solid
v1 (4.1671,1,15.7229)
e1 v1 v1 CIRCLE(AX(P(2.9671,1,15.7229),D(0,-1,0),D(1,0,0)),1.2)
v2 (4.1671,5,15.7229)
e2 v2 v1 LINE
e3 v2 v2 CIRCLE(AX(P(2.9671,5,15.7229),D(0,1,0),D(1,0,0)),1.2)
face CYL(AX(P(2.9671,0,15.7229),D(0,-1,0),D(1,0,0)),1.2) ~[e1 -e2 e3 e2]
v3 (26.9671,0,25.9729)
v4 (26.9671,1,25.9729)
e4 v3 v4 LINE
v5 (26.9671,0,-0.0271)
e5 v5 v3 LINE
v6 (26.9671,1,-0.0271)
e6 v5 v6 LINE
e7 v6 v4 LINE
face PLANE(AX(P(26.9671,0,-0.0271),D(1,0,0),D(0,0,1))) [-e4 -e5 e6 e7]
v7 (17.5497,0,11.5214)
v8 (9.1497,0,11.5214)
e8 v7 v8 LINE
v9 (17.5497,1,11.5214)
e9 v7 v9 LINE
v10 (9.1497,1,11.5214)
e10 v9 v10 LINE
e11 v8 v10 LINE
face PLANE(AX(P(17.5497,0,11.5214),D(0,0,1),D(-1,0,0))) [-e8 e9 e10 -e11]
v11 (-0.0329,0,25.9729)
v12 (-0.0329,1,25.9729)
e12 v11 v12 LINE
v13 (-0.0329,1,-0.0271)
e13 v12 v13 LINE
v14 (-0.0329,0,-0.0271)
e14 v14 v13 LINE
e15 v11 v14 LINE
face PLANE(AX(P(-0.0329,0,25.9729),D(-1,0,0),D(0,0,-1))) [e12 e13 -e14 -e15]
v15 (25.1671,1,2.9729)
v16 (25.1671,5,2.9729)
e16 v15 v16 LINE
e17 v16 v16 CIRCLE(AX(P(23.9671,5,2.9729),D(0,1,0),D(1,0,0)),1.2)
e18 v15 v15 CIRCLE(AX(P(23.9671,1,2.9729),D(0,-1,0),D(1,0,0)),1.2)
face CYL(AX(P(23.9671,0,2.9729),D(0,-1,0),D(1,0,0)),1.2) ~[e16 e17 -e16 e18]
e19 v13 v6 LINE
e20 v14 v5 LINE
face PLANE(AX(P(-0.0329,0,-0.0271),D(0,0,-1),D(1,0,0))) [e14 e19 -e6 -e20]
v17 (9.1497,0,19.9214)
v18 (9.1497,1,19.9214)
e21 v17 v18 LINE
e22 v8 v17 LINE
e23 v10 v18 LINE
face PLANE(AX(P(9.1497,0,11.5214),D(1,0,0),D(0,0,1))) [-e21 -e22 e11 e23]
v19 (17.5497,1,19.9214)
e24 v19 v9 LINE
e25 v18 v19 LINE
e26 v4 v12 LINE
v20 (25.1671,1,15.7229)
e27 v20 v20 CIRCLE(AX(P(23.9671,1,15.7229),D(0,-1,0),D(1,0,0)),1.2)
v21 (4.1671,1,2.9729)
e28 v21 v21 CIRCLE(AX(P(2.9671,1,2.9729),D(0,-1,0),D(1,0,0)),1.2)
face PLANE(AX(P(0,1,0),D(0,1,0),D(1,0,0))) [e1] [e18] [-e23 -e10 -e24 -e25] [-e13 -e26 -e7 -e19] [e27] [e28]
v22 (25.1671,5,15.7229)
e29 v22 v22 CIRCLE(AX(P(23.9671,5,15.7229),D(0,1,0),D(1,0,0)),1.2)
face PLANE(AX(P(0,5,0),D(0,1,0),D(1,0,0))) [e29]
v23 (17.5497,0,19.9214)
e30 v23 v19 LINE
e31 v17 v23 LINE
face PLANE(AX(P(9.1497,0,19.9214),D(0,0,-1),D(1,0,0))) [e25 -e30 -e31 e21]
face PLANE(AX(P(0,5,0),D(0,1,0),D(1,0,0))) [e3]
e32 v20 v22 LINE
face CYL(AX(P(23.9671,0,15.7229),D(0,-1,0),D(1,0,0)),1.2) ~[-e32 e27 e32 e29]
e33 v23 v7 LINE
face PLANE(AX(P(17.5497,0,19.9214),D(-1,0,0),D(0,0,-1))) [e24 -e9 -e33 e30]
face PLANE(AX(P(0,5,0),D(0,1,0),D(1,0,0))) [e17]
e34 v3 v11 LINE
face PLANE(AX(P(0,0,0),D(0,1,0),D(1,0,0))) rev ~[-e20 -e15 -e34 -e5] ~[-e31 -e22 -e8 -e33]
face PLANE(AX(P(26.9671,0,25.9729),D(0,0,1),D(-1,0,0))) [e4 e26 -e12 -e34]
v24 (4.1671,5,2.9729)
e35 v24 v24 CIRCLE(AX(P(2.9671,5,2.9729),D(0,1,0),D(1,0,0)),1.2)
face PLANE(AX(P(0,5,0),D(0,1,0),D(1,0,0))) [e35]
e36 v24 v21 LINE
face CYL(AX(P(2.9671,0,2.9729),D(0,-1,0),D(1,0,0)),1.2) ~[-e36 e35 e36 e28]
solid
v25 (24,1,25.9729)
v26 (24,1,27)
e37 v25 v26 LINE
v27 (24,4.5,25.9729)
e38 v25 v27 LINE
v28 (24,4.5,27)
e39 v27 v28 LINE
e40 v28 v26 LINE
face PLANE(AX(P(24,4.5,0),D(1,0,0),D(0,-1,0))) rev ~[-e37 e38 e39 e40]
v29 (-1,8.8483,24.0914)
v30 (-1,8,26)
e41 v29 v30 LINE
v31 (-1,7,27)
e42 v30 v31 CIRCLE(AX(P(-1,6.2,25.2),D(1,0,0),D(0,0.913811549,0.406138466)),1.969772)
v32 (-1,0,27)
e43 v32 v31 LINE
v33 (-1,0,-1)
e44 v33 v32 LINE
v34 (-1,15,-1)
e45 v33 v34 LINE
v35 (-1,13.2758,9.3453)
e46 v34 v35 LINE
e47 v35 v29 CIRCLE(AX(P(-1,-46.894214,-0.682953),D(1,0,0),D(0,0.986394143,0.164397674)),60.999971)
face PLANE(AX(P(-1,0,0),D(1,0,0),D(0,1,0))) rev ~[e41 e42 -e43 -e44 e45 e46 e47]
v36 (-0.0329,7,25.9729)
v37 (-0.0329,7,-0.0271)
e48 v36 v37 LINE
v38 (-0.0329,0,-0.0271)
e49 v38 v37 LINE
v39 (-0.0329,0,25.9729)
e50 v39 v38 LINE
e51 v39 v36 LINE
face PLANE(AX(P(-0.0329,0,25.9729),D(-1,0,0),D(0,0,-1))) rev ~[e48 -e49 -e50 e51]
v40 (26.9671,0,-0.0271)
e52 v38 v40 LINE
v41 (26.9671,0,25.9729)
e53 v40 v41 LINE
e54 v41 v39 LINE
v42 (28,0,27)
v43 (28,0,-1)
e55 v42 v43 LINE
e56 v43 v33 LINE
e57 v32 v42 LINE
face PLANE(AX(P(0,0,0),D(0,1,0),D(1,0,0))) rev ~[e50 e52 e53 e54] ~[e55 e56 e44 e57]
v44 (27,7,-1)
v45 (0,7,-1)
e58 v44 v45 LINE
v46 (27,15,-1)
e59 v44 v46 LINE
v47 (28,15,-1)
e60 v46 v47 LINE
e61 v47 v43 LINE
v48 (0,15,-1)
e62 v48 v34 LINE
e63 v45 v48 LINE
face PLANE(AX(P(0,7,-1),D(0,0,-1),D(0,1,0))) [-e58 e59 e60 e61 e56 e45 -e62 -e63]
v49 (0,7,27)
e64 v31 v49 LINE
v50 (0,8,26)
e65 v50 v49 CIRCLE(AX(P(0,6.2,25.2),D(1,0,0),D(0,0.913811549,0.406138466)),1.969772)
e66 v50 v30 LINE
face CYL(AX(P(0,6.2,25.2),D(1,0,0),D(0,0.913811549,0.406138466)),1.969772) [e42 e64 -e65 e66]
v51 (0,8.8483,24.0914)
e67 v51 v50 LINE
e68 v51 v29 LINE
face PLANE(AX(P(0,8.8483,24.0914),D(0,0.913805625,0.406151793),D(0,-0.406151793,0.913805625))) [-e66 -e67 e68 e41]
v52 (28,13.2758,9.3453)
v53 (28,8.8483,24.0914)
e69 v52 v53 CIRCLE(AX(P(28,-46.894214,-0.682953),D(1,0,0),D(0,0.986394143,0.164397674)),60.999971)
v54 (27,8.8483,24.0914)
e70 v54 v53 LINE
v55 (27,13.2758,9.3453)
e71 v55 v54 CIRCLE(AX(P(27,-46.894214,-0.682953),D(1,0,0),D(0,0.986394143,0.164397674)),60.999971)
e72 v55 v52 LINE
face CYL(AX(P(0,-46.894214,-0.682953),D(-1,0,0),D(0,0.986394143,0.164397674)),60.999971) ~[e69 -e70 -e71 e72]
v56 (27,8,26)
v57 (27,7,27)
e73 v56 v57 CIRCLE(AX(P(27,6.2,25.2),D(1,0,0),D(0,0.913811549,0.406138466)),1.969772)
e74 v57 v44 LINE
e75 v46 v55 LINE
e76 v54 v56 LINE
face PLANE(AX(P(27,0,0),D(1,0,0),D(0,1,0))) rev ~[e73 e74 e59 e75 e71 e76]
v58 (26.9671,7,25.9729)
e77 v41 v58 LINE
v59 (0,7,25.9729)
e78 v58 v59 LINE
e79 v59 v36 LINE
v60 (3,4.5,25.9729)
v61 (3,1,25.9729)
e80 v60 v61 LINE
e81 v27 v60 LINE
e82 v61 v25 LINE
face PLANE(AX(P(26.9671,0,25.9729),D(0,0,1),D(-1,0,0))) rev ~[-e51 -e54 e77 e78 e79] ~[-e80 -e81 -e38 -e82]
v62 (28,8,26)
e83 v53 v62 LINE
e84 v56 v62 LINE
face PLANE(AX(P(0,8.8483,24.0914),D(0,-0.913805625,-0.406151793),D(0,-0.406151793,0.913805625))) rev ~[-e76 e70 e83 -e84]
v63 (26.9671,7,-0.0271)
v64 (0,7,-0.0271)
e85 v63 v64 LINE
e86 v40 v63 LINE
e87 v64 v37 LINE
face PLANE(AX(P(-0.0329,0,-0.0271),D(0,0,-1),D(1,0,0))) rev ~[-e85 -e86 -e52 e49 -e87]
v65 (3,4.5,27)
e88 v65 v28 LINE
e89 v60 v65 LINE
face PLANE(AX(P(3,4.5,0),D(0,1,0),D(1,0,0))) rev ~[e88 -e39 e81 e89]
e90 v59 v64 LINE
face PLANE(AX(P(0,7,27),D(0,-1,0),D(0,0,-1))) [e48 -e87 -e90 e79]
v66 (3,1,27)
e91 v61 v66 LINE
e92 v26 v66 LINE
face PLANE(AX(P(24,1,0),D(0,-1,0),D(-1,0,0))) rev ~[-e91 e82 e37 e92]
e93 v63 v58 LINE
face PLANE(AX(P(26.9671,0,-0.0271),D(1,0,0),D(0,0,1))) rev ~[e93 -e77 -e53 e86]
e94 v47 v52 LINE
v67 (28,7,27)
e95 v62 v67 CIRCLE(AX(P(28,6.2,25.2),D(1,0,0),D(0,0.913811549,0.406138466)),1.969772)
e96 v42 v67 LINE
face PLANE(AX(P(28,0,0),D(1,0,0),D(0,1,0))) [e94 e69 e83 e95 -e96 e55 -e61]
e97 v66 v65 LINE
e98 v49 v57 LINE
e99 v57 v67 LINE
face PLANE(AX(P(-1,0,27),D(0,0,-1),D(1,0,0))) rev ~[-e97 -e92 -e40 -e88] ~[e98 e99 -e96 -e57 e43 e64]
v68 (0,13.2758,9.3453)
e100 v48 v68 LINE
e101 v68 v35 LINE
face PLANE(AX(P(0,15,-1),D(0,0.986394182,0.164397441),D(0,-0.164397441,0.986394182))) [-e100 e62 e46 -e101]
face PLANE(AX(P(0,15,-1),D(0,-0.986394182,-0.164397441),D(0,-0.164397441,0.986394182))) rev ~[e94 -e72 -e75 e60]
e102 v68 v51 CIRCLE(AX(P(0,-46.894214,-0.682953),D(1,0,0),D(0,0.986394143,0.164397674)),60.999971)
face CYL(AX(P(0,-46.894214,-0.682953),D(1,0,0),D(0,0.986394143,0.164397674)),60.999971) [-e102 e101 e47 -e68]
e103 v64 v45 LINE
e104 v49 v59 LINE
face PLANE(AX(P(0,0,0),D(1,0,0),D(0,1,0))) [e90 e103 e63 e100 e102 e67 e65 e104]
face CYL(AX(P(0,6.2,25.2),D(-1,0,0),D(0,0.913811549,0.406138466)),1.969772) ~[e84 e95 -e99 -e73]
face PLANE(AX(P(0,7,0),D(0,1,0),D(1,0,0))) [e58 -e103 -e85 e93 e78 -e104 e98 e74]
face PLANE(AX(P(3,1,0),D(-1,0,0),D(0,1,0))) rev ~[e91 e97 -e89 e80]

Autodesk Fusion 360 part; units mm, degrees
sketch "Sketch2" plane through (0, 0, 0) normal (0, 1, 0) x (1, 0, 0)
  circle A0 centre (2.9671, -2.9729) radius 1.2
  circle A1 centre (23.9671, -2.9729) radius 1.2
  circle A2 centre (23.9671, -15.7229) radius 1.2
  circle A3 centre (2.9671, -15.7229) radius 1.2
  line L0 (9.1497, -11.5214) -> (9.1497, -19.9214)
  line L1 (9.1497, -19.9214) -> (17.5497, -19.9214)
  line L2 (17.5497, -19.9214) -> (17.5497, -11.5214)
  line L3 (17.5497, -11.5214) -> (9.1497, -11.5214)
  line L4 (26.9671, 0.0271) -> (26.9671, -25.9729)
  line L5 (26.9671, -25.9729) -> (-0.0329, -25.9729)
  line L6 (-0.0329, -25.9729) -> (-0.0329, 0.0271)
  line L7 (-0.0329, 0.0271) -> (26.9671, 0.0271)
  line L8 (-1, -27) -> (28, -27)
  line L9 (28, -27) -> (28, 1)
  line L10 (28, 1) -> (-1, 1)
  line L11 (-1, 1) -> (-1, -27)
  dimension "d3" = 2.4
  dimension "d4" = 2.4
  dimension "d5" = 2.4
  dimension "d6" = 2.4
  dimension "d7" = 8.4
  dimension "d8" = 8.4
extrude "Extrude12" add sketch "Sketch2" along normal blind 1 contours L4 L5 L6 L7 makes body 1
extrude "Extrude11" add sketch "Sketch2" along normal blind 7 separate body contours L8 L9 L10 L11 makes body 2
extrude "Extrude13" add sketch "Sketch2" along normal blind 5 contours A0 | A1 | A2 | A3 bodies 1
sketch "Sketch5" plane through (0, 0, 0) normal (0, 0, 1) x (1, 0, 0)
  line L0 (3, 4.5) -> (24, 4.5)
  line L1 (24, 4.5) -> (24, 1)
  line L2 (24, 1) -> (3, 1)
  line L3 (3, 1) -> (3, 4.5)
  dimension "d37" = 21
  dimension "d38" = 3.5
extrude "Extrude14" cut sketch "Sketch5" along normal blind 30 bodies 1 2
extrude "Extrude15" add 4 faces at (2.555, 5, 16.0039) (23.555, 5, 16.0039) (23.0762, 5, 2.6783) (2.597, 5, 2.5741) along direction (0, -1, 0) blind 4 on bodies 1 bodies 1
sketch "Sketch6" plane through (0, 0, 0) normal (1, 0, 0) x (0, 1, 0)
  line L0 (7, -1) -> (15, -1)
  line L1 (15, -1) -> (13.2758, 9.3453)
  line L2 (8.8483, 24.0914) -> (8, 26)
  arc A0 (8, 26) -> (7, 27) centre (6.2, 25.2) ccw
  line L3 (7, 27) -> (7, -1)
  arc A1 (13.2758, 9.3453) -> (8.8483, 24.0914) centre (-46.8942, -0.683) ccw
  dimension "d43" = 61
extrude "Extrude16" add sketch "Sketch6" along normal blind 28 bodies 2
extrude "Extrude17" cut 1 faces at (0, 11.7586, 2.7728) along direction (1, 0, 0) blind 27 on bodies 2 bodies 2
extrude "Extrude18" add sketch "Sketch6" against normal blind 1 bodies 2
extrude "Extrude9" [suppressed]
